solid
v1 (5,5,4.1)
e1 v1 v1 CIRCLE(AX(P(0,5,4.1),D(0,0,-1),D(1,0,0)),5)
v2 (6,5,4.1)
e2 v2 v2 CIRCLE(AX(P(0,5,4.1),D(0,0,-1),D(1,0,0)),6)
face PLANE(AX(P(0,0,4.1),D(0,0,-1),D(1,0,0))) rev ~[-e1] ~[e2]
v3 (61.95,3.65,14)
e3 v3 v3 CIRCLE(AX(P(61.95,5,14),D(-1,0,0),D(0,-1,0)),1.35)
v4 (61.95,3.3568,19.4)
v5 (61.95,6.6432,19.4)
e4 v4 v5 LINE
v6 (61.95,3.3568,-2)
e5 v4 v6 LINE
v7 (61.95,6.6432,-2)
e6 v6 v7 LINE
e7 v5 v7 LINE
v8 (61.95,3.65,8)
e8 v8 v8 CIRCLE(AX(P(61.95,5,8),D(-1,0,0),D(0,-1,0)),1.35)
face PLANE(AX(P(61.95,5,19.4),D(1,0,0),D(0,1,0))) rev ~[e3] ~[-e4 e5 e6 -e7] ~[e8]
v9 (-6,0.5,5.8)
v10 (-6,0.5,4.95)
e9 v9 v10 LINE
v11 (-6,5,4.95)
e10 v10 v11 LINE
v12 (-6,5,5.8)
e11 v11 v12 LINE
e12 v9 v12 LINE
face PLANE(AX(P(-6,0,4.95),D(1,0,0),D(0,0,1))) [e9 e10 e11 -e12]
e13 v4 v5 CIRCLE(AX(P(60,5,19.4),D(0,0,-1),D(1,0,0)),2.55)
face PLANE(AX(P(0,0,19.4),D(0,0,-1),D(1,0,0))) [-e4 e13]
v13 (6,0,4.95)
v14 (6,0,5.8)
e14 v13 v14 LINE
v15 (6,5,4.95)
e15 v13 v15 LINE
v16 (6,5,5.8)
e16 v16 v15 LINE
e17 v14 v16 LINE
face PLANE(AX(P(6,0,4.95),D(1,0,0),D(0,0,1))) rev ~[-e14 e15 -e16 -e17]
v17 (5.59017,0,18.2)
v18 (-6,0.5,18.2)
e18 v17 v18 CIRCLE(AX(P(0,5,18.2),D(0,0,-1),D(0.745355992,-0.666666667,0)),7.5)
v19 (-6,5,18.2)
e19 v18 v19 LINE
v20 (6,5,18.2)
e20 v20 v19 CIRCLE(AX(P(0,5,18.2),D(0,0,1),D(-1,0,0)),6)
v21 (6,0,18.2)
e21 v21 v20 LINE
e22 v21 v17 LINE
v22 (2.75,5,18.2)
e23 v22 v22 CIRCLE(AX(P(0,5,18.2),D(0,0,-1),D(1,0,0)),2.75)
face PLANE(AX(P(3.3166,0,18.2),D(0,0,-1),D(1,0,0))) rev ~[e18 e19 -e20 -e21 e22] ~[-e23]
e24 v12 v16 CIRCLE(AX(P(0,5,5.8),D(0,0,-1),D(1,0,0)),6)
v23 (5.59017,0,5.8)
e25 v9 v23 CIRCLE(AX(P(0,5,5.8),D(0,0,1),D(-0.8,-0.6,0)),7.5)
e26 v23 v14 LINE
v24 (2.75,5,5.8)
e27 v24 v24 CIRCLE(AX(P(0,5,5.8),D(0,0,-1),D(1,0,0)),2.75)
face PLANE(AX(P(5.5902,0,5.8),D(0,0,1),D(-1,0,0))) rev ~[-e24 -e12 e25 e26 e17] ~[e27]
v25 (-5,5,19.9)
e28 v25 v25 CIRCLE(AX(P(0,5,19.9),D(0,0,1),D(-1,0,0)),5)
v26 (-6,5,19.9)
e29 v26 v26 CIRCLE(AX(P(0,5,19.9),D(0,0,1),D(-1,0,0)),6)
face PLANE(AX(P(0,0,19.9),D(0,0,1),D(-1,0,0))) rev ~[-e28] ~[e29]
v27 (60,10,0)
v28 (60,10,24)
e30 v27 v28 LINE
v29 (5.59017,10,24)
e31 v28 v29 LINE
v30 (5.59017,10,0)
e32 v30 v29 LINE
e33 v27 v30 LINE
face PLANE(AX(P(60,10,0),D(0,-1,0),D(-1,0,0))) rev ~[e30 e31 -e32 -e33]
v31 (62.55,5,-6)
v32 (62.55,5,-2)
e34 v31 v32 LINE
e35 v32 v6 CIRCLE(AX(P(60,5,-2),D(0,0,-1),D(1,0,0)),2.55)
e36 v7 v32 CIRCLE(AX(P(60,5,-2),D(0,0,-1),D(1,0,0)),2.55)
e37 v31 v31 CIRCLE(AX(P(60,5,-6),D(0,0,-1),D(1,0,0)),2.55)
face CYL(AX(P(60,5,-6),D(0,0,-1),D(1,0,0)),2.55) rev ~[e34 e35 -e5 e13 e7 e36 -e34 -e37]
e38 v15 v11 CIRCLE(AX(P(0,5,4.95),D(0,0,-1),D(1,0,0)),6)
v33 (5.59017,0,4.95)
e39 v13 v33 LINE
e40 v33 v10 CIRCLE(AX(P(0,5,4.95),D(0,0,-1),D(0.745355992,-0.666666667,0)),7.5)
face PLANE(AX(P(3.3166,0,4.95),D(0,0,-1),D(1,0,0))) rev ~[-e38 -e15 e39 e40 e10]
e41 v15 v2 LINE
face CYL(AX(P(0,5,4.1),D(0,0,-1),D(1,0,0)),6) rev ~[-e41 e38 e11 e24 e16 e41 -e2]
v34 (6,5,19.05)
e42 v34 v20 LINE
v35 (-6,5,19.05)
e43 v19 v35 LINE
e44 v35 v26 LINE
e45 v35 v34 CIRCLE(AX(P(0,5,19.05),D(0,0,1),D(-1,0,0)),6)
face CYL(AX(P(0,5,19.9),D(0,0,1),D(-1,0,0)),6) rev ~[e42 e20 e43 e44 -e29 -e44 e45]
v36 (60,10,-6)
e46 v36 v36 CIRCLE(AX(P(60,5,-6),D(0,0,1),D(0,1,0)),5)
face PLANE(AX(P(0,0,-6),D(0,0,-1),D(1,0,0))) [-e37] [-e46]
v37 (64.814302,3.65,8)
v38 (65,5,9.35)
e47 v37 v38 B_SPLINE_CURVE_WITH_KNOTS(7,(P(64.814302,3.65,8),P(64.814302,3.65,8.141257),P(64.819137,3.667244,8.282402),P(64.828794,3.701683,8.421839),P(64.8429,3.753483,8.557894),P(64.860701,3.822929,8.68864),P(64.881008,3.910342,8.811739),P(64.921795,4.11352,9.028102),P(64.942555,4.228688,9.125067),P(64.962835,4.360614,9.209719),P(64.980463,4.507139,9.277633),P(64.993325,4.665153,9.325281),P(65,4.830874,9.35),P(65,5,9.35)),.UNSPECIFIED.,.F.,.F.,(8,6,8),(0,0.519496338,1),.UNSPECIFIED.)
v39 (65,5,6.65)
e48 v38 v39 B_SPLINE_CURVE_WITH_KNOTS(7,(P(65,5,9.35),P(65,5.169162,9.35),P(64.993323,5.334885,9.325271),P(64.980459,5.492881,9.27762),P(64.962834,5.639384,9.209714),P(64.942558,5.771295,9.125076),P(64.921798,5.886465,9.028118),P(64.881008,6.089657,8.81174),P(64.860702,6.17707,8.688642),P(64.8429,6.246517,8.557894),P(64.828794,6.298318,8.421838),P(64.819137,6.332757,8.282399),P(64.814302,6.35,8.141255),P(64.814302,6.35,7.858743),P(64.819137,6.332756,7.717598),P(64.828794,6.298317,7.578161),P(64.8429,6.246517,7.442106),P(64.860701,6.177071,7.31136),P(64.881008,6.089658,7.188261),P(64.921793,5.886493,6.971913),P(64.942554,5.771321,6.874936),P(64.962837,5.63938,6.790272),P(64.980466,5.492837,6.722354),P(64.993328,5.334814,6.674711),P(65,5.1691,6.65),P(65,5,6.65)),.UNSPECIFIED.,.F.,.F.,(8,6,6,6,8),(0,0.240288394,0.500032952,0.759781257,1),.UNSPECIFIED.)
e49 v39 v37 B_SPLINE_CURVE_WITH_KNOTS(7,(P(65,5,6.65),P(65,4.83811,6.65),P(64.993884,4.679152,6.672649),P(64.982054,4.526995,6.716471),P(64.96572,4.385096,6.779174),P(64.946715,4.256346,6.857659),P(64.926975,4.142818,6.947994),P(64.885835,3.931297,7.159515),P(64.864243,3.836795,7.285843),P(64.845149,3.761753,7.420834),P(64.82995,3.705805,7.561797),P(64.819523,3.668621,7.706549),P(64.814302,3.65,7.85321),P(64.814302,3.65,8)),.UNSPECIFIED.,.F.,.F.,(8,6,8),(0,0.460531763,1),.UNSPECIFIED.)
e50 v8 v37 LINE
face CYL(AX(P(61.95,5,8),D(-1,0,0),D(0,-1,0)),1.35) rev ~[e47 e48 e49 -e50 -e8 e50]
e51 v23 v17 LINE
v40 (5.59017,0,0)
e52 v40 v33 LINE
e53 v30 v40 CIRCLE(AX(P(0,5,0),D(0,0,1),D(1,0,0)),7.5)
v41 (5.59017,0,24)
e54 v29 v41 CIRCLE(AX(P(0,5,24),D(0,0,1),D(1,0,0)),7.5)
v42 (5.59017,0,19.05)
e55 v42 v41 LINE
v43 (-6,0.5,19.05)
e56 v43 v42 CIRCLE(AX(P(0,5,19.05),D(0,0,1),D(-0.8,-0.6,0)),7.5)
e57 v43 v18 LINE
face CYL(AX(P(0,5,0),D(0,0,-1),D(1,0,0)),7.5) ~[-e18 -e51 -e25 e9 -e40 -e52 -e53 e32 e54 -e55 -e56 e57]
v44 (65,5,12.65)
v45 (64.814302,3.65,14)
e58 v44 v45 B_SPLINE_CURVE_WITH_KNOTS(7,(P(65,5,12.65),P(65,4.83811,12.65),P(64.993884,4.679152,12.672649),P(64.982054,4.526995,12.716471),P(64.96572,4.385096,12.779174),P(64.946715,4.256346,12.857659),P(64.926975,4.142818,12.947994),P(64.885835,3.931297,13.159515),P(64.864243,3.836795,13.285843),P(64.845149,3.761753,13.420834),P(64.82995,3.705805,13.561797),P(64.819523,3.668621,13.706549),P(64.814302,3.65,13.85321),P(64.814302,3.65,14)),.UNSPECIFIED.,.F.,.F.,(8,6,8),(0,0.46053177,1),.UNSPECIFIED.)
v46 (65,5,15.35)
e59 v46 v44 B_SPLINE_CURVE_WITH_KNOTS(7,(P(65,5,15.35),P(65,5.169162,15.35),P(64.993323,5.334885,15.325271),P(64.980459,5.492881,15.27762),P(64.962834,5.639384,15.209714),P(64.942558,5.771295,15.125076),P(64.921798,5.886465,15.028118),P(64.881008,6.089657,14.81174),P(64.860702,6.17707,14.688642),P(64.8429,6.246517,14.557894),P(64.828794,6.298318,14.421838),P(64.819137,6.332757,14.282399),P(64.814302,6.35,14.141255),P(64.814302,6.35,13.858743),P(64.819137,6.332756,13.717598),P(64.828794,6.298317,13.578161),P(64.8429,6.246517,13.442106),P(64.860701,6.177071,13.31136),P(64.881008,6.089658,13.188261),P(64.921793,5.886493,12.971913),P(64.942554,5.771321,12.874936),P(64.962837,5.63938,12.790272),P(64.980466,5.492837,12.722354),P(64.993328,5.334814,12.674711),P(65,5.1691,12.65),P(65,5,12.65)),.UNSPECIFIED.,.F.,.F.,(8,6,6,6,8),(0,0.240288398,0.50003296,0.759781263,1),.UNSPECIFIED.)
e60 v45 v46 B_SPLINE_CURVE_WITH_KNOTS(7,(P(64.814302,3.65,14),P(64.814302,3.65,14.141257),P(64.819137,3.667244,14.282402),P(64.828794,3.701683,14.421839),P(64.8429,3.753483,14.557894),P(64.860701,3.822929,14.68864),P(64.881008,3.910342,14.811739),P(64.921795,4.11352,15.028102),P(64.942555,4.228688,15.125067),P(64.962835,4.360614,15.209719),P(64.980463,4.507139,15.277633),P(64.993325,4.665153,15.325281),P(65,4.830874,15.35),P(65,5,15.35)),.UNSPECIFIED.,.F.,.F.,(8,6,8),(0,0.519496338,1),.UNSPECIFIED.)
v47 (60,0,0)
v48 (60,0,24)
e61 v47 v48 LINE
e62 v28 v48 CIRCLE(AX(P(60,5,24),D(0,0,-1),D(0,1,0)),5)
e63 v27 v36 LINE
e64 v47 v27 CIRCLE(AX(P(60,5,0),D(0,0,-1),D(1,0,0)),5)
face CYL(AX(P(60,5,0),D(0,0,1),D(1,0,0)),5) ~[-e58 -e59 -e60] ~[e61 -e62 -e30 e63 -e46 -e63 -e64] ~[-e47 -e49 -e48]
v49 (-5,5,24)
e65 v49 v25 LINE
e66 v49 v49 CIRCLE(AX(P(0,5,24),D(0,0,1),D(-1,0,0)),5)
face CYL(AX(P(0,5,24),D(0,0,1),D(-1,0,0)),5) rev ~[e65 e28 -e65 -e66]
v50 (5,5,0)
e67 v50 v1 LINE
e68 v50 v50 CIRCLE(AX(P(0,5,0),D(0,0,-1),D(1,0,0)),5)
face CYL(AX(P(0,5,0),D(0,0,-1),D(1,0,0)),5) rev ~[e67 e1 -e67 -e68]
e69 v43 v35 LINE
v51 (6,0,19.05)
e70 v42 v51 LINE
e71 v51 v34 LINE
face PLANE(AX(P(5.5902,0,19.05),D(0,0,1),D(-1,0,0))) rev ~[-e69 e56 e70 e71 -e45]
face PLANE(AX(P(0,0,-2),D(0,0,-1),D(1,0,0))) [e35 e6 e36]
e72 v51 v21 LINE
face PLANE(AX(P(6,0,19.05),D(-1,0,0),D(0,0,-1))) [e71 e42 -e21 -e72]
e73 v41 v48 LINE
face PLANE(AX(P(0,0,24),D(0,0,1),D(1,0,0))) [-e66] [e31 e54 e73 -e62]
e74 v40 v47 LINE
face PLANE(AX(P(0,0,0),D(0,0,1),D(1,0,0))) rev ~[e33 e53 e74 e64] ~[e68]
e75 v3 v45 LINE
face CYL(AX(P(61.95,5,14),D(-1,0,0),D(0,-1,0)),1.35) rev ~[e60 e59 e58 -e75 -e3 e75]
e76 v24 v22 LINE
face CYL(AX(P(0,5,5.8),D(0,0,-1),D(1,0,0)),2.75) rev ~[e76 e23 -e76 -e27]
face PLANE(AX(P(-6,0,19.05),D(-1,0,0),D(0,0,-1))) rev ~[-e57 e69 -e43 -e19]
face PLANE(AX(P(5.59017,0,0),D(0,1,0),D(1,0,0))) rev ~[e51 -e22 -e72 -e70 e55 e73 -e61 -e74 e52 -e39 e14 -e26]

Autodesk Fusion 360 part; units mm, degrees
sketch "スケッチ1" plane through (0, 0, 0) normal (0, 0, 1) x (1, 0, 0)
  line L0 (0, 0) -> (60, 0)
  line L1 (60, 0) -> (60, 10)
  line L2 (60, 10) -> (0, 10)
  line L3 (0, 10) -> (0, 0)
  circle A0 centre (0, 5) radius 7.5
  dimension "d1" = 15
sketch "スケッチ2" plane through (0, 0, 0) normal (0, 0, 1) x (1, 0, 0)
sketch "スケッチ3" plane through (0, 0, 0) normal (0, 0, 1) x (1, 0, 0)
sketch "スケッチ4" plane through (0, 0, 0) normal (0, 0, 1) x (1, 0, 0)
  circle A0 centre (60, 5) radius 5
extrude "押し出し1" add sketch "スケッチ4" sketch "スケッチ1" along normal blind 24 of sketch 2
sketch "スケッチ5" plane through (0, 0, 0) normal (0, 0, -1) x (1, 0, 0)
  arc A0 (60, -10) -> (60, 0) centre (60, -5) ccw
  line L0 (60, 0) -> (5.5902, 0)
  arc A1 (5.5902, 0) -> (5.5902, -10) centre (0, -5) ccw
  line L1 (5.5902, -10) -> (60, -10)
  circle A2 centre (60, -5) radius 5
extrude "押し出し2" add sketch "スケッチ5" along normal blind 6 contours A0 A2
sketch "スケッチ6" plane through (0, 0, 0) normal (0, 0, -1) x (1, 0, 0)
  arc A0 (60, 0) -> (60, -10) centre (60, -5) ccw
  line L0 (60, 0) -> (5.5902, 0)
  arc A1 (5.5902, 0) -> (5.5902, -10) centre (0, -5) ccw
  line L1 (5.5902, -10) -> (60, -10)
  circle A2 centre (0, -5) radius 5
  dimension "d6" = 10
extrude "押し出し3" cut sketch "スケッチ6" against normal blind 4.1 contours A2
sketch "スケッチ7" plane through (0, 0, 24) normal (0, 0, 1) x (-1, 0, 0)
  arc A0 (-60, 0) -> (-60, -10) centre (-60, -5) ccw
  line L0 (-60, -10) -> (-5.5902, -10)
  arc A1 (-5.5902, -10) -> (-5.5902, 0) centre (0, -5) ccw
  line L1 (-5.5902, 0) -> (-60, 0)
  circle A2 centre (0, -5) radius 5
  dimension "d9" = 10
extrude "押し出し4" cut sketch "スケッチ7" against normal blind 4.1 contours A2
sketch "スケッチ8" plane through (0, 0, 0) normal (0, 1, 0) x (1, 0, 0)
sketch "スケッチ9" plane through (0, 0, 0) normal (0, 1, 0) x (1, 0, 0)
sketch "スケッチ10" plane through (0, 0, 4.1) normal (0, 0, -1) x (1, 0, 0)
  circle A0 centre (0, -5) radius 5
  circle A1 centre (0, -5) radius 6
  dimension "d12" = 12
extrude "押し出し5" cut sketch "スケッチ10" against normal blind 0.85 contours A0 | A1
extrude "押し出し6" cut 1 faces at (-0.8908, 6.4538, 4.95) along direction (0, 0, 1) blind 0.85
sketch "スケッチ11" plane through (0, 0, 19.9) normal (0, 0, 1) x (-1, 0, 0)
  circle A0 centre (0, -5) radius 5
  circle A1 centre (0, -5) radius 6
  dimension "d17" = 12
extrude "押し出し7" cut sketch "スケッチ11" against normal blind 0.85 contours A0 | A1
extrude "押し出し8" cut 1 faces at (1.5116, 5.0736, 19.05) along direction (0, 0, -1) blind 0.85
sketch "スケッチ19" plane through (0, 0, 18.2) normal (0, 0, 1) x (-1, 0, 0)
  circle A0 centre (0, -5) radius 6
  line L0 (-6, -5) -> (6, -5)
  line L1 (6, -5) -> (6, -10)
  line L2 (6, -10) -> (-6, -10)
  line L3 (-6, -10) -> (-6, -5)
sketch "スケッチ20" plane through (0, 0, 0) normal (0, 1, 0) x (1, 0, 0)
  line L0 (6, -18.2) -> (-6, -18.2)
  line L1 (-6, -18.2) -> (-6, -19.05)
  line L2 (-6, -19.05) -> (6, -19.05)
  line L3 (6, -19.05) -> (6, -18.2)
  dimension "d27" = 0.85
extrude "押し出し9" cut sketch "スケッチ20" against normal blind 2.5
sketch "スケッチ21" plane through (0, 0, 0) normal (0, -1, 0) x (1, 0, 0)
  line L0 (5.5902, 18.2) -> (5.5902, 0)
  line L1 (5.5902, 0) -> (60, 0)
  line L2 (60, 0) -> (60, 24)
  line L3 (60, 24) -> (5.5902, 24)
  line L4 (5.5902, 24) -> (5.5902, 19.05)
  line L5 (5.5902, 19.05) -> (3.3166, 19.05)
  line L6 (3.3166, 19.05) -> (3.3166, 18.2)
  line L7 (3.3166, 18.2) -> (5.5902, 18.2)
  line L8 (6, 18.2) -> (3.3166, 18.2)
  line L9 (3.3166, 18.2) -> (3.3166, 19.05)
  line L10 (3.3166, 19.05) -> (6, 19.05)
  line L11 (6, 19.05) -> (6, 18.2)
  line L12 (-6, 18.2) -> (-3.308, 18.2)
  line L13 (-3.308, 18.2) -> (-3.308, 19.05)
  line L14 (-3.308, 19.05) -> (-6, 19.05)
  line L15 (-6, 19.05) -> (-6, 18.2)
extrude "押し出し10" cut sketch "スケッチ21" against normal blind 5 contours L5 L6 L7 L8 L9 L10 L11 | L12 L13 L14 L15
sketch "スケッチ22" plane through (0, 0, 5.8) normal (0, 0, -1) x (1, 0, 0)
  circle A0 centre (0, -5) radius 6
  line L0 (6, -5) -> (-6, -5)
  line L1 (-6, -5) -> (-6, 0)
  line L2 (-6, 0) -> (6, 0)
  line L3 (6, 0) -> (6, -5)
sketch "スケッチ23" plane through (0, 0, 0) normal (0, 1, 0) x (1, 0, 0)
  line L0 (6, -5.8) -> (-6, -5.8)
  line L1 (-6, -5.8) -> (-6, -4.95)
  line L2 (-6, -4.95) -> (6, -4.95)
  line L3 (6, -4.95) -> (6, -5.8)
  dimension "d32" = 0.85
extrude "押し出し11" cut sketch "スケッチ23" against normal blind 2.5
sketch "スケッチ24" plane through (0, 0, 0) normal (0, -1, 0) x (1, 0, 0)
  line L0 (5.5902, 4.95) -> (5.5902, 0)
  line L1 (5.5902, 0) -> (60, 0)
  line L2 (60, 0) -> (60, 24)
  line L3 (60, 24) -> (5.5902, 24)
  line L4 (5.5902, 24) -> (5.5902, 19.05)
  line L5 (5.5902, 19.05) -> (6, 19.05)
  line L6 (6, 19.05) -> (6, 18.2)
  line L7 (6, 18.2) -> (5.5902, 18.2)
  line L8 (5.5902, 18.2) -> (5.5902, 5.8)
  line L9 (5.5902, 5.8) -> (3.3166, 5.8)
  line L10 (3.3166, 5.8) -> (3.3166, 4.95)
  line L11 (3.3166, 4.95) -> (5.5902, 4.95)
  line L12 (6, 5.8) -> (3.3166, 5.8)
  line L13 (3.3166, 5.8) -> (3.3166, 4.95)
  line L14 (3.3166, 4.95) -> (6, 4.95)
  line L15 (6, 4.95) -> (6, 5.8)
  line L16 (-6, 5.8) -> (-3.3133, 5.8)
  line L17 (-3.3133, 5.8) -> (-3.3133, 4.95)
  line L18 (-3.3133, 4.95) -> (-6, 4.95)
  line L19 (-6, 4.95) -> (-6, 5.8)
extrude "押し出し12" cut sketch "スケッチ24" against normal blind 5 contours L9 L10 L11 L12 L13 L14 L15 | L16 L17 L18 L19
sketch "スケッチ25" plane through (0, 0, -6) normal (0, 0, -1) x (1, 0, 0)
  circle A0 centre (60, -5) radius 5
  circle A1 centre (60, -5) radius 2.55
  dimension "d37" = 5.1
extrude "押し出し13" cut sketch "スケッチ25" against normal blind 25.4 contours A1
sketch "スケッチ26" plane through (0, 0, 19.4) normal (0, 0, -1) x (1, 0, 0)
  circle A0 centre (60, -5) radius 2.55
  line L0 (62.55, -5) -> (61.95, -5)
  line L1 (61.95, -5) -> (61.95, -6.6432)
  line L2 (61.95, -5) -> (61.95, -3.3568)
  dimension "d40" = 0.6
extrude "押し出し14" add sketch "スケッチ26" along normal blind 21.4 contours A0 L0 L2 | A0 L0 L1
sketch "スケッチ27" plane through (61.95, 0, 0) normal (-1, 0, 0) x (0, -1, 0)
  line L0 (-3.3568, 19.4) -> (-6.6432, 19.4)
  line L1 (-6.6432, 19.4) -> (-6.6432, -2)
  line L2 (-6.6432, -2) -> (-3.3568, -2)
  line L3 (-3.3568, -2) -> (-3.3568, 19.4)
  circle A0 centre (-5, 14) radius 1.35
  circle A1 centre (-5, 8) radius 1.35
  dimension "d43" = 2.7
  dimension "d44" = 2.7
extrude "押し出し15" cut sketch "スケッチ27" against normal blind 3.5 contours A0 | A1
sketch "スケッチ28" plane through (0, 0, 5.8) normal (0, 0, -1) x (1, 0, 0)
  circle A0 centre (0, -5) radius 2.75
  dimension "d47" = 5.5
extrude "押し出し16" cut sketch "スケッチ28" against normal blind 15
